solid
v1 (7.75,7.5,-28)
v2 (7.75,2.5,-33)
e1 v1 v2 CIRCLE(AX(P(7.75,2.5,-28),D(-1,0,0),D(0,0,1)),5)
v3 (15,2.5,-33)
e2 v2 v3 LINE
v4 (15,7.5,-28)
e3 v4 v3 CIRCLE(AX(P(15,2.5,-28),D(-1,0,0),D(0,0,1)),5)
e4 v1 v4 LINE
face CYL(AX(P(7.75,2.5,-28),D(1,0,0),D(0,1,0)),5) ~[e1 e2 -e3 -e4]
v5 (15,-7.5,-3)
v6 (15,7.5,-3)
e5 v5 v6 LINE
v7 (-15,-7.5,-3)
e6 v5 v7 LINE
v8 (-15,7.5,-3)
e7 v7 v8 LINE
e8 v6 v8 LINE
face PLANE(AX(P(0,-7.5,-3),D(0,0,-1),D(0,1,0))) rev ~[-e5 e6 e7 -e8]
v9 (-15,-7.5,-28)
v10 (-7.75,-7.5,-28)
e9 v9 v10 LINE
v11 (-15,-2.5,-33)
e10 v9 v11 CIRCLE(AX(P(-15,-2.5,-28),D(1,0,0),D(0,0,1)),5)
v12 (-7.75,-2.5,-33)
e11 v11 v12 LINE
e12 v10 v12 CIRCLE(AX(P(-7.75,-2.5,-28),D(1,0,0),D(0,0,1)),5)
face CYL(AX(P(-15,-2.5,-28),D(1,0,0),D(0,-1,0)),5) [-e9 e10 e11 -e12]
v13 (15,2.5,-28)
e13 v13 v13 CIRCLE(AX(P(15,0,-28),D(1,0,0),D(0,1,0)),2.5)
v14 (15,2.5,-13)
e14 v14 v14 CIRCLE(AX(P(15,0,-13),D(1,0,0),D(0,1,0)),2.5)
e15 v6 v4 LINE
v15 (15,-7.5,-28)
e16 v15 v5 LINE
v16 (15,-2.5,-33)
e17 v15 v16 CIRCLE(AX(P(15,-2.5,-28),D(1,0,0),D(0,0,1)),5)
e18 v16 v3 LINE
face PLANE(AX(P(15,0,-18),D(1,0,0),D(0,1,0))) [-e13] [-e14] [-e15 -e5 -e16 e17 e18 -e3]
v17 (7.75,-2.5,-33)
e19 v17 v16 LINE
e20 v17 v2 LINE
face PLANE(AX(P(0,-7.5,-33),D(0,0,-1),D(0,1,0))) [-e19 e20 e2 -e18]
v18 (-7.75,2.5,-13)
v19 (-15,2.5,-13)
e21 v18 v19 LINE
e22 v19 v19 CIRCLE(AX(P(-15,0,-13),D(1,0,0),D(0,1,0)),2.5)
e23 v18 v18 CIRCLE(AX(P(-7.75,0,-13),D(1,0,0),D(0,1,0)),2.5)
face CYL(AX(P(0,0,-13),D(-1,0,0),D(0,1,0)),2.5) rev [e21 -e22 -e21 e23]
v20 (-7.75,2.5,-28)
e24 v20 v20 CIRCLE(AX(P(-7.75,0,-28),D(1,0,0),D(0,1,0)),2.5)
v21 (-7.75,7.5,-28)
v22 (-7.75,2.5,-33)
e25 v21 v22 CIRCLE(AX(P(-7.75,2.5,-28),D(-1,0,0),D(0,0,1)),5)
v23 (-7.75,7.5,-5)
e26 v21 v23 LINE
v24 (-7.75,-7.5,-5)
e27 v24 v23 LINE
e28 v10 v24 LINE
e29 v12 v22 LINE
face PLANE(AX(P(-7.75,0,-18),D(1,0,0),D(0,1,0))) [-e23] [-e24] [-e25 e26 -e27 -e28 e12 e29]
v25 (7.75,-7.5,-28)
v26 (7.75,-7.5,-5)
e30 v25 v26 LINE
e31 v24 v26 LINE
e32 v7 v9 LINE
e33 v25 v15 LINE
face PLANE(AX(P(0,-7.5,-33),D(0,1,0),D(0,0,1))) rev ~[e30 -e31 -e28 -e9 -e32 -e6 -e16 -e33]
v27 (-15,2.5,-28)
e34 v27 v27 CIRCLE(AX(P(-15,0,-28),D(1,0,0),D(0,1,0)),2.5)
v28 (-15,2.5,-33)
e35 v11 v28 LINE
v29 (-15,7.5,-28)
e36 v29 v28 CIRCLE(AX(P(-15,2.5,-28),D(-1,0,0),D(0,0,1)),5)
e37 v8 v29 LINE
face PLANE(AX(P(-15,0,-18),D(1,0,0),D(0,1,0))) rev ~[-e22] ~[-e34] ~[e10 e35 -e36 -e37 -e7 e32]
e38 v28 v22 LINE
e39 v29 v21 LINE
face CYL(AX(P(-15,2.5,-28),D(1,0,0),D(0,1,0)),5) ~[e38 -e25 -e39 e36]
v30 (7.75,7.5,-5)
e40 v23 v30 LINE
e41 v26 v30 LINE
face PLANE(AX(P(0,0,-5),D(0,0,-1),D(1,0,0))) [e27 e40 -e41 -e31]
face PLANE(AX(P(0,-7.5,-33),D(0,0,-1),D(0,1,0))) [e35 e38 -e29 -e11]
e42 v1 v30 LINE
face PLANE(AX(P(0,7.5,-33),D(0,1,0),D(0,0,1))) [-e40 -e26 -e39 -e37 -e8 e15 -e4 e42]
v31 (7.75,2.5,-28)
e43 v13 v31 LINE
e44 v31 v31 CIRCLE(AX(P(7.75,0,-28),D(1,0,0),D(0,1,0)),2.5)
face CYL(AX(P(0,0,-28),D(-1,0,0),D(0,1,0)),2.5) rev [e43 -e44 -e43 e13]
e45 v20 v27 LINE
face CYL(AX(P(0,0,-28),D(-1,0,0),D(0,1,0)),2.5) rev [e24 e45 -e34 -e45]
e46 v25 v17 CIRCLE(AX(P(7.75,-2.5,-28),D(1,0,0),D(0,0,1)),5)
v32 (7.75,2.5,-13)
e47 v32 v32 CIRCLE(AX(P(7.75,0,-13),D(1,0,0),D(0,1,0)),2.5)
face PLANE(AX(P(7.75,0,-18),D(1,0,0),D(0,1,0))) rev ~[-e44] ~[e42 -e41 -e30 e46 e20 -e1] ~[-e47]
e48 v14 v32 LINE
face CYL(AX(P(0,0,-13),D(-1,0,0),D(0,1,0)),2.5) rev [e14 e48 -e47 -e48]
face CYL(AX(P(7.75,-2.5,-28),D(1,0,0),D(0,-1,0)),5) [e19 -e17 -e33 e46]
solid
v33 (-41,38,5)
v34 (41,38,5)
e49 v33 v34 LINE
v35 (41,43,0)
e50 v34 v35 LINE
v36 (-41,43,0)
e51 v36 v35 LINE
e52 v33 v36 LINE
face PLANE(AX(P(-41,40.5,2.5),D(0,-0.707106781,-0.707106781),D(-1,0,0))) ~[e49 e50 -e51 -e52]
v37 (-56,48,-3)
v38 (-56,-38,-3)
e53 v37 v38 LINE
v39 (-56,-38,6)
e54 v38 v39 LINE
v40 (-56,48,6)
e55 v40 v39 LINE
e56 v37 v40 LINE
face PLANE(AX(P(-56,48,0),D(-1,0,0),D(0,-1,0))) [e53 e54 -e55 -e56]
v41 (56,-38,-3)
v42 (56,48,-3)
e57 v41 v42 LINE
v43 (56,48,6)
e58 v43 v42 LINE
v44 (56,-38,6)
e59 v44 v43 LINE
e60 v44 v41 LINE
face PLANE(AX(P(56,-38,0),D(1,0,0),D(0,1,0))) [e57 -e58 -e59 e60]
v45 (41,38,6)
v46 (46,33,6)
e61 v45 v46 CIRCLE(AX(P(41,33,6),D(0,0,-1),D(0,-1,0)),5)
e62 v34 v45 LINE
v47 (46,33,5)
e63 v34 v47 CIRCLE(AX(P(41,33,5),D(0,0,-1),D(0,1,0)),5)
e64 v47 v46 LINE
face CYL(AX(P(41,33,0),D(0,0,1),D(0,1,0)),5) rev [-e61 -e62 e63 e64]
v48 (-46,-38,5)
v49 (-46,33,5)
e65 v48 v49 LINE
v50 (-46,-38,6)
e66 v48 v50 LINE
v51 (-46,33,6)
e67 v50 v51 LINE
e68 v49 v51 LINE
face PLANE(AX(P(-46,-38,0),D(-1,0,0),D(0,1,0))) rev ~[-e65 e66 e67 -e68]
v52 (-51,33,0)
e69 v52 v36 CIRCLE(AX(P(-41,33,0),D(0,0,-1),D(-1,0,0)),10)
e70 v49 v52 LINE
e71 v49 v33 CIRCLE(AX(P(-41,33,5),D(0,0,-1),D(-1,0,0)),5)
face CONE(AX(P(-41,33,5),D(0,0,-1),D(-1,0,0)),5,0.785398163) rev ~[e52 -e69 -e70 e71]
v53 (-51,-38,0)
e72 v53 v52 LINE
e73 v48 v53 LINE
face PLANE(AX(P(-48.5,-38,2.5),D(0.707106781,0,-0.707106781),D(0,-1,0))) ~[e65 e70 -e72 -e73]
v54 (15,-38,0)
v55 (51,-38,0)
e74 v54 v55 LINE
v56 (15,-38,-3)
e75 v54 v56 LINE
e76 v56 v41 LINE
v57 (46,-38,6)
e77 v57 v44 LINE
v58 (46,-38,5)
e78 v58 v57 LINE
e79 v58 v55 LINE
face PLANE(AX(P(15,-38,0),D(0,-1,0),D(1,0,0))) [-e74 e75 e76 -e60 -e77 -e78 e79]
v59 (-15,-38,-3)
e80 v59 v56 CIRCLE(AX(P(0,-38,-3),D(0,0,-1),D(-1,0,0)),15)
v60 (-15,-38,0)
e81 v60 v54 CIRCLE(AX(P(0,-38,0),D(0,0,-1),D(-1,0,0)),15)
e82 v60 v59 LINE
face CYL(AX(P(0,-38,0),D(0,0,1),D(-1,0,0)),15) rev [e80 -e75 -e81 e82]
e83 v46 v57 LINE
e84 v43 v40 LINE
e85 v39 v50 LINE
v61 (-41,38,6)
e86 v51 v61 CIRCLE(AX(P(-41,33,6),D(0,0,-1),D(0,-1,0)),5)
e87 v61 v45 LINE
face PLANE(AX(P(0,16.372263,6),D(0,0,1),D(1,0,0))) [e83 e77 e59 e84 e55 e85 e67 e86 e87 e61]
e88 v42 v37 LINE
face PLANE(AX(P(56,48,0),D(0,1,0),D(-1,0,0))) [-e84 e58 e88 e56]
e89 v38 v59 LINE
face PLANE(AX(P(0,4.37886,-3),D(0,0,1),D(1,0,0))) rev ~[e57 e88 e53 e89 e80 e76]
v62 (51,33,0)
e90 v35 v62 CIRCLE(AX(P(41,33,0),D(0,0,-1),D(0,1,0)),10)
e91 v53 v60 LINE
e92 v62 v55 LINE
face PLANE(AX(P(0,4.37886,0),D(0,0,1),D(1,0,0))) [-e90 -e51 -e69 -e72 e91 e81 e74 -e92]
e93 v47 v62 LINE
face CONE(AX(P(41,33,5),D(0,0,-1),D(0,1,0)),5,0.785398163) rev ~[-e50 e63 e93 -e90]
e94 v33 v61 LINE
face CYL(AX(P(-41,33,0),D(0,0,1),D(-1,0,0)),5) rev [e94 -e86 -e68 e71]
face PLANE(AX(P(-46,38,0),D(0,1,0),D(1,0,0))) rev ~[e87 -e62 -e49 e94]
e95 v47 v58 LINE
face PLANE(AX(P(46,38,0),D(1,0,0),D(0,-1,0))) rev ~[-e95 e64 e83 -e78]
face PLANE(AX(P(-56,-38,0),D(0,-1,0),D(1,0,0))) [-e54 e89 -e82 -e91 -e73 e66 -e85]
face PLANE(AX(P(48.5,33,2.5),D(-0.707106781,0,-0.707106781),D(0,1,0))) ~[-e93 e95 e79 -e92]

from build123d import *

# Parameters (mm, degrees)
F1_DEPTH  = 6
F2_R      = 5
F3_SIZE   = 5
F5_DEPTH  = 3
F6_W      = 15
F6_H      = 30
F6_R      = 2.5
F7_DEPTH  = 15
F8_DEPTH  = 7.75
F9_W      = 30
F9_H      = 15
F10_DEPTH = 2
F11_R     = 5


with BuildPart() as f1:
    # F0 (on Top) → F1 (new body)
    with BuildSketch(Plane.XY):
        Polygon((-46, -38), (-46, 38), (46, 38), (46, -38), (56.0000004172, -38), (56.0000004172, 48.0000004172), (-56.0000004172, 48.0000004172), (-56.0000004172, -38), align=None)
    extrude(amount=F1_DEPTH)

    # F2
    f2_edges = [f1.edges().sort_by_distance(p)[0] for p in [
        (-46, 38, 3),
        (46, 38, 3),
    ]]
    fillet(f2_edges, radius=F2_R)

    # F3
    f3_edges = [f1.edges().sort_by_distance(p)[0] for p in [
        (-46, -2.5, 0),
    ]]
    chamfer(f3_edges, length=F3_SIZE)

    # F4 (on Top) → F5 (join)
    with BuildSketch(Plane.XY):
        with BuildLine():
            Line((56.0000004172, 48.0000004172), (-56.0000004172, 48.0000004172))
            Line((-56.0000004172, 48.0000004172), (-56.0000004172, -38))
            Line((-56.0000004172, -38), (-15, -38))
            ThreePointArc((-15, -38), (0, -23), (15, -38))
            Line((15, -38), (56.0000004172, -38))
            Line((56.0000004172, -38), (56.0000004172, 48.0000004172))
        make_face()
    extrude(amount=-F5_DEPTH)


with BuildPart() as f7:
    # F6 (on Right) → F7 (new body, symmetric)
    with BuildSketch(Plane.YZ):
        with Locations((0, -18)):
            Rectangle(F6_W, F6_H)
        with Locations((0, -28)):
            Circle(F6_R, mode=Mode.SUBTRACT)
        with Locations((0, -13)):
            Circle(F6_R, mode=Mode.SUBTRACT)
    extrude(amount=F7_DEPTH, both=True)

    # F6 (on Right) → F8 (cut, symmetric)
    with BuildSketch(Plane.YZ):
        with Locations((0, -18)):
            Rectangle(F6_W, F6_H)
        with Locations((0, -28)):
            Circle(F6_R, mode=Mode.SUBTRACT)
        with Locations((0, -13)):
            Circle(F6_R, mode=Mode.SUBTRACT)
    extrude(amount=F8_DEPTH, both=True, mode=Mode.SUBTRACT)

    # F9 (on face) → F10 (join)
    with BuildSketch(Plane(origin=(0, 0, -3), x_dir=(1, 0, 0), z_dir=(0, 0, -1))):
        Rectangle(F9_W, F9_H)
    extrude(amount=F10_DEPTH)

    # F11
    f11_edges = [f7.edges().sort_by_distance(p)[0] for p in [
        (11.375, -7.5, -33),
        (11.375, 7.5, -33),
        (-11.375, -7.5, -33),
        (-11.375, 7.5, -33),
    ]]
    fillet(f11_edges, radius=F11_R)


solid = Compound([f1.part, f7.part])
